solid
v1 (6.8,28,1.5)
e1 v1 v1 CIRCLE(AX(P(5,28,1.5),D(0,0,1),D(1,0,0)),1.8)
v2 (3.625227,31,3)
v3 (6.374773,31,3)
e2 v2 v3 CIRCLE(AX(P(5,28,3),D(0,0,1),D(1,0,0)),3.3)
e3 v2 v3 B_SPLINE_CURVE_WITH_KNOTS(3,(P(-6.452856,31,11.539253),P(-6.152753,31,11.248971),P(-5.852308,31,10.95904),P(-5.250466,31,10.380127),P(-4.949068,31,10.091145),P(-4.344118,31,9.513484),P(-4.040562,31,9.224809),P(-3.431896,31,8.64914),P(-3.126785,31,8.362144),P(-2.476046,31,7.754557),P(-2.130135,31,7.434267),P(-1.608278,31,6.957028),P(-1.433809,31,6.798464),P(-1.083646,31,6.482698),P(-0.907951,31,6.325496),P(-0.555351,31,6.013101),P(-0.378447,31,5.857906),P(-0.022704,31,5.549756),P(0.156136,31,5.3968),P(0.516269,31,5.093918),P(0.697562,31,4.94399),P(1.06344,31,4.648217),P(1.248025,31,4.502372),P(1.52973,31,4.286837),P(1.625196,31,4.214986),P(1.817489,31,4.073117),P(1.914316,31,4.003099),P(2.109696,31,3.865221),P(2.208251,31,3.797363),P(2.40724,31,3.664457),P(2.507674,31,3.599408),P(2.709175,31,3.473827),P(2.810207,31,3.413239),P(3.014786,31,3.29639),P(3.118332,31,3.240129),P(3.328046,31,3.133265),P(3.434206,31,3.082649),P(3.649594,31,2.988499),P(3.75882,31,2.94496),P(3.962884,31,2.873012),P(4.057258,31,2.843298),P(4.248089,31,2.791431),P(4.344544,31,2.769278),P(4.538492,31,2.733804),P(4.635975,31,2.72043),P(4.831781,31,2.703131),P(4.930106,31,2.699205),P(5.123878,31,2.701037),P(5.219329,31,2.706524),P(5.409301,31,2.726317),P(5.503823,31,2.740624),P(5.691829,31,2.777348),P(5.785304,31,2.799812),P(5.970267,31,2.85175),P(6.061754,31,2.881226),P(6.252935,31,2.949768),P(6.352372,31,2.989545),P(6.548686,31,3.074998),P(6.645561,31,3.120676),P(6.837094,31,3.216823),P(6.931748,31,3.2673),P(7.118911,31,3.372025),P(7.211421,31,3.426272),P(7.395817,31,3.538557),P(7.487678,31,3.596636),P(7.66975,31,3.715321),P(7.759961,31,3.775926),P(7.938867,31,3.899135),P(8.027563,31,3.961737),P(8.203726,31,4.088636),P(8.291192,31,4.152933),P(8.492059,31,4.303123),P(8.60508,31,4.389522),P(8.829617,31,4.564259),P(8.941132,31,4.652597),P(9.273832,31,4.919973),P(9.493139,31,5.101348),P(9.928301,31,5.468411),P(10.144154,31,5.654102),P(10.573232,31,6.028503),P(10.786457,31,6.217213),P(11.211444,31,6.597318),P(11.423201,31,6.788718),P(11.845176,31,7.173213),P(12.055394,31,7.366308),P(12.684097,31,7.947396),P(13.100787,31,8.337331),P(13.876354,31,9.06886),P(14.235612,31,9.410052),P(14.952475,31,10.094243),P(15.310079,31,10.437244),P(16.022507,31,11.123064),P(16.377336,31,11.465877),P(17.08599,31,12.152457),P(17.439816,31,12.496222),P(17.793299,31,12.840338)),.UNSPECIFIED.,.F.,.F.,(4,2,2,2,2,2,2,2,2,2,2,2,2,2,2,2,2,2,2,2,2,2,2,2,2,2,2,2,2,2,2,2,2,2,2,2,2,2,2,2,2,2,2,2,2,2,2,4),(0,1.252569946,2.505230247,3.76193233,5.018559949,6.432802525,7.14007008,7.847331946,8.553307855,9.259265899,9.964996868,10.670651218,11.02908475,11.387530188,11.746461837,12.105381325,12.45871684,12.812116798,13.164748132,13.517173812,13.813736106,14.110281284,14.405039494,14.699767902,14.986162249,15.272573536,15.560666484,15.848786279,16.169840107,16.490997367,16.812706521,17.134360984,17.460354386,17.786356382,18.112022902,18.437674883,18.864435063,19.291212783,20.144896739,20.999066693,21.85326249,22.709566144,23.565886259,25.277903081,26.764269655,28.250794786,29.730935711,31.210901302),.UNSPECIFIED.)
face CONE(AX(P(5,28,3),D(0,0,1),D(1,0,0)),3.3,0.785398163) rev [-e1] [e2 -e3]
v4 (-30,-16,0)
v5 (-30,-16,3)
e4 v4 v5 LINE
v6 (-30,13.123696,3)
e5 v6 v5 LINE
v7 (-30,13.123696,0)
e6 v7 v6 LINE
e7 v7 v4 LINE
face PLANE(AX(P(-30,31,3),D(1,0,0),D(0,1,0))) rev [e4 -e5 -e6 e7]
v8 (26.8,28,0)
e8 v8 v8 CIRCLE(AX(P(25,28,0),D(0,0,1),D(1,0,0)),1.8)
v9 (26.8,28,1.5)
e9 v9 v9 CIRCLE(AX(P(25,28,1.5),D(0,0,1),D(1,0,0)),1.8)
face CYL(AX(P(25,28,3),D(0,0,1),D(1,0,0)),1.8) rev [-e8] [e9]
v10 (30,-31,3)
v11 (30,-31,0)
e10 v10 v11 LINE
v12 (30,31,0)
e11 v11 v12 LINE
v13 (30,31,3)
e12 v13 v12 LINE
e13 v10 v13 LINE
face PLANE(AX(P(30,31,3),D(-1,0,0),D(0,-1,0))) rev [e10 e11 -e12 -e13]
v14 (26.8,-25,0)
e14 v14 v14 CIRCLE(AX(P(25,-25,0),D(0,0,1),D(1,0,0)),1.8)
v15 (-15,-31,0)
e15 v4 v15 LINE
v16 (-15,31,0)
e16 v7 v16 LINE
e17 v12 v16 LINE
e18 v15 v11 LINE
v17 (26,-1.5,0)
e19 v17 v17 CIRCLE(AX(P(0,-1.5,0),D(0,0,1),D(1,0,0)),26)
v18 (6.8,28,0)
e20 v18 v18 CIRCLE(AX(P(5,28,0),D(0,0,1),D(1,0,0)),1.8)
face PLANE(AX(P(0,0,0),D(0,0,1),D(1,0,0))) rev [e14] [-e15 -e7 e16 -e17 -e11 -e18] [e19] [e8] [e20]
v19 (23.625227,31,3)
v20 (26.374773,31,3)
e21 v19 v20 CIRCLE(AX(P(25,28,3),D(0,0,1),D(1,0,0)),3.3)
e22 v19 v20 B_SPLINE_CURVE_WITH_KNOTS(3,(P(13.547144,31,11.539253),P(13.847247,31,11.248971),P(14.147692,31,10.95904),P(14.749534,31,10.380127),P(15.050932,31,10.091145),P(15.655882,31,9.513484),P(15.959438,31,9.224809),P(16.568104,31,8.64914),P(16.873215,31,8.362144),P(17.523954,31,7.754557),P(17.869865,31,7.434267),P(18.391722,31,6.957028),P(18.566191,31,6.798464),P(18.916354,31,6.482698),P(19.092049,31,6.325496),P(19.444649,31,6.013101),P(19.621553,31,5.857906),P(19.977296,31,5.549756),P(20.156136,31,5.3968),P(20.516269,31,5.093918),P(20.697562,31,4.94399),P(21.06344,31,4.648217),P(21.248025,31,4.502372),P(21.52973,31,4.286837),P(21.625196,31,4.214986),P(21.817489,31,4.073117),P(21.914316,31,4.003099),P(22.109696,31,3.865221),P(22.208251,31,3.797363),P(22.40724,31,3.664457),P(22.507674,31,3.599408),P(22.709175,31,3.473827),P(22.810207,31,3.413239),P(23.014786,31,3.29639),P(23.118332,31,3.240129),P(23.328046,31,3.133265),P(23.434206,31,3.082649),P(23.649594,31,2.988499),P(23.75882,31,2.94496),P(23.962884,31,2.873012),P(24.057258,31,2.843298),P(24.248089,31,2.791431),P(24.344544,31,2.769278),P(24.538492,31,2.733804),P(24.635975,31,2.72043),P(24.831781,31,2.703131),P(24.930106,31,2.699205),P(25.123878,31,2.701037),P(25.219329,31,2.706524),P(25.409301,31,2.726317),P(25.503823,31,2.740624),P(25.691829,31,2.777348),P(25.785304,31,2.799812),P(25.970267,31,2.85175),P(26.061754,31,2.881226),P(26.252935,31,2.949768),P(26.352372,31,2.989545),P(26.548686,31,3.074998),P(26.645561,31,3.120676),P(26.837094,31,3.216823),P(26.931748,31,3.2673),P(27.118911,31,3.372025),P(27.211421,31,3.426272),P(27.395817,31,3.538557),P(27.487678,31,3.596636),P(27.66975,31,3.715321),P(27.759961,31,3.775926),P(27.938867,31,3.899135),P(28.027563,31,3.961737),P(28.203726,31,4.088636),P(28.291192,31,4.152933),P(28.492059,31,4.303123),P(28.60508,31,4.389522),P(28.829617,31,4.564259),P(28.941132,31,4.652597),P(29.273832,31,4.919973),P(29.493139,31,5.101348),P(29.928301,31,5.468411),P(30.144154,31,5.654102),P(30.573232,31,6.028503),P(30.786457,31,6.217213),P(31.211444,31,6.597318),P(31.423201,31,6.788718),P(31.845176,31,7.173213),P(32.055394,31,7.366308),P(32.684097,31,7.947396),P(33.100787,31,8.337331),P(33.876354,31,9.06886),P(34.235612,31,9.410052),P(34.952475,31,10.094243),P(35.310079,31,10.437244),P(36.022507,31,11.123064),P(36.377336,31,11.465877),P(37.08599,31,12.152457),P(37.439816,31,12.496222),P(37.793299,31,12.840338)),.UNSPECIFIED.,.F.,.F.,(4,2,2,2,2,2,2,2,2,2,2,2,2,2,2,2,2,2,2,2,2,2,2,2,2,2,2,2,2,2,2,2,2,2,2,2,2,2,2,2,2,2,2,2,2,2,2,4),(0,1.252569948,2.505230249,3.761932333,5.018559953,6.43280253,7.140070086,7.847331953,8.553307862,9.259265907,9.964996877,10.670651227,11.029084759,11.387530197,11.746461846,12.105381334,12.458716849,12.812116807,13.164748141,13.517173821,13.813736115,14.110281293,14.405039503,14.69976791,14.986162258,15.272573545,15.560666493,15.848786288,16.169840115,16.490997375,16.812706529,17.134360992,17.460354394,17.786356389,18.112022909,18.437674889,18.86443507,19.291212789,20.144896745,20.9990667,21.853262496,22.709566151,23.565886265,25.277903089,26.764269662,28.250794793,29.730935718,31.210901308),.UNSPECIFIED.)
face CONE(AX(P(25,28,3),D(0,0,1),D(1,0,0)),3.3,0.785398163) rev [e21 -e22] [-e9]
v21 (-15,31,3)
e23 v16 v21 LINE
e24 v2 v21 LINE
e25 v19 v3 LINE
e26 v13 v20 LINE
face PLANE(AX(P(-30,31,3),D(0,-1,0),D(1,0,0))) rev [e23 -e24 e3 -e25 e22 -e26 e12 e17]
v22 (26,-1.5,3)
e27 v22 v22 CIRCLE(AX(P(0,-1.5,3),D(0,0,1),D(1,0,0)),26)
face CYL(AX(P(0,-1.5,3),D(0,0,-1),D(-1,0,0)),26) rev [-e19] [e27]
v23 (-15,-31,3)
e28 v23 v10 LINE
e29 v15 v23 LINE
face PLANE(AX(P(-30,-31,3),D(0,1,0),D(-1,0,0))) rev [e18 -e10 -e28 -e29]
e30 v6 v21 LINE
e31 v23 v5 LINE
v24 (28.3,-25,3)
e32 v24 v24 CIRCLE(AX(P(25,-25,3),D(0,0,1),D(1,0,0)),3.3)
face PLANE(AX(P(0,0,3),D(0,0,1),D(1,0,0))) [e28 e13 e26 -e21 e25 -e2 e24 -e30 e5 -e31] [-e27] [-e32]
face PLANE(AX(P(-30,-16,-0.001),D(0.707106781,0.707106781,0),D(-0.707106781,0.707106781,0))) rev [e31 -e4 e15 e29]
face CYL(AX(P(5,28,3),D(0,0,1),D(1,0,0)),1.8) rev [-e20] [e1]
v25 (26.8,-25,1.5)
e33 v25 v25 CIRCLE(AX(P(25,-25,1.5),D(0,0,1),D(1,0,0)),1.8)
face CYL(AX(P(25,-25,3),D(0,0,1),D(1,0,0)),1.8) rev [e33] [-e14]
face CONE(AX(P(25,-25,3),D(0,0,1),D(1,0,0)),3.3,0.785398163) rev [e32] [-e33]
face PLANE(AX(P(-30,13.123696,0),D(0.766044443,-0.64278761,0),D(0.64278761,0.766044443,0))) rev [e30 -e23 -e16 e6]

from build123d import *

# Parameters (mm, degrees)
SKETCH_1_W                  = 60
SKETCH_1_H                  = 62
SKETCH_1_R                  = 26
SKETCH_1_R_2                = 1.6
EXTRUDE_1_DEPTH             = 3
CUT_EXTRUDE_1_DEPTH         = 44.243496621
CUT_EXTRUDE_2_REACH         = 45.243
SKETCH_5_R                  = 1.6
CUT_EXTRUDE_3_DEPTH         = 44.243496621
HOLE_WIZARD_M3_1_AT_2_COUNT = 2
HOLE_WIZARD_M3_1_AT_2_PITCH = 20
HOLE_WIZARD_M3_1_AT_3_COUNT = 2
HOLE_WIZARD_M3_1_AT_3_PITCH = 56.648036153


with BuildPart() as part:
    # 草图1 → 凸台-拉伸1 (new body)
    with BuildSketch(Plane.XY):
        Rectangle(SKETCH_1_W, SKETCH_1_H)
        with Locations((0, -1.5)):
            Circle(SKETCH_1_R, mode=Mode.SUBTRACT)
        with Locations((25, 28)):
            Circle(SKETCH_1_R_2, mode=Mode.SUBTRACT)
        with Locations((5, 28)):
            Circle(SKETCH_1_R_2, mode=Mode.SUBTRACT)
    extrude(amount=EXTRUDE_1_DEPTH)

    # 草图2 → 切除-拉伸1 (cut, through all)
    with BuildSketch(Plane.XY.offset(3)):
        Polygon((-30, 13.123696111), (-15, 31), (-30, 31), align=None)
    extrude(amount=-CUT_EXTRUDE_1_DEPTH, mode=Mode.SUBTRACT)

    # 草图4 → 切除-拉伸2 (cut, up to next)
    with BuildSketch(Plane.XY.offset(3), mode=Mode.PRIVATE) as cut_extrude_2_sk1:
        Polygon((-30, -16), (-15, -31), (-30, -31), align=None)
    cut_extrude_2_tool1 = extrude(cut_extrude_2_sk1.sketch, amount=-CUT_EXTRUDE_2_REACH, mode=Mode.PRIVATE) & part.part
    add(cut_extrude_2_tool1.solids().sort_by_distance((-25, -26, 3))[0], mode=Mode.SUBTRACT)

    # 草图5 → 切除-拉伸3 (cut, through all)
    with BuildSketch(Plane.XY.offset(3)):
        with Locations((25, -25)):
            Circle(SKETCH_5_R)
    extrude(amount=-CUT_EXTRUDE_3_DEPTH, mode=Mode.SUBTRACT)

    # 草图7 → M3 十字槽半沉头木螺钉的锥形沉头孔1 (revolve, cut)
    with BuildSketch(Plane(origin=(5, 28, 3), x_dir=(0, -1, 0), z_dir=(1, 0, 0))):
        Polygon((0, 0), (0, 3), (1.8, 3), (1.8, 1.5), (3.3, 0), align=None)
    hole_wizard_m3_1 = revolve(axis=Axis((5, 28, 9.35), (0, 0, -1)), mode=Mode.SUBTRACT)

    # M3 十字槽半沉头木螺钉的锥形沉头孔1 at 2: M3 十字槽半沉头木螺钉的锥形沉头孔1 ×2
    with Locations(*[(i * HOLE_WIZARD_M3_1_AT_2_PITCH, 0, 0) for i in range(1, HOLE_WIZARD_M3_1_AT_2_COUNT)]):
        add(hole_wizard_m3_1, mode=Mode.SUBTRACT)

    # M3 十字槽半沉头木螺钉的锥形沉头孔1 at 3: M3 十字槽半沉头木螺钉的锥形沉头孔1 ×2
    with Locations(*[Vector(0.35305725243424246, -0.9356017189507422, 0) * (i * HOLE_WIZARD_M3_1_AT_3_PITCH) for i in range(1, HOLE_WIZARD_M3_1_AT_3_COUNT)]):
        add(hole_wizard_m3_1, mode=Mode.SUBTRACT)


solid = part.part
